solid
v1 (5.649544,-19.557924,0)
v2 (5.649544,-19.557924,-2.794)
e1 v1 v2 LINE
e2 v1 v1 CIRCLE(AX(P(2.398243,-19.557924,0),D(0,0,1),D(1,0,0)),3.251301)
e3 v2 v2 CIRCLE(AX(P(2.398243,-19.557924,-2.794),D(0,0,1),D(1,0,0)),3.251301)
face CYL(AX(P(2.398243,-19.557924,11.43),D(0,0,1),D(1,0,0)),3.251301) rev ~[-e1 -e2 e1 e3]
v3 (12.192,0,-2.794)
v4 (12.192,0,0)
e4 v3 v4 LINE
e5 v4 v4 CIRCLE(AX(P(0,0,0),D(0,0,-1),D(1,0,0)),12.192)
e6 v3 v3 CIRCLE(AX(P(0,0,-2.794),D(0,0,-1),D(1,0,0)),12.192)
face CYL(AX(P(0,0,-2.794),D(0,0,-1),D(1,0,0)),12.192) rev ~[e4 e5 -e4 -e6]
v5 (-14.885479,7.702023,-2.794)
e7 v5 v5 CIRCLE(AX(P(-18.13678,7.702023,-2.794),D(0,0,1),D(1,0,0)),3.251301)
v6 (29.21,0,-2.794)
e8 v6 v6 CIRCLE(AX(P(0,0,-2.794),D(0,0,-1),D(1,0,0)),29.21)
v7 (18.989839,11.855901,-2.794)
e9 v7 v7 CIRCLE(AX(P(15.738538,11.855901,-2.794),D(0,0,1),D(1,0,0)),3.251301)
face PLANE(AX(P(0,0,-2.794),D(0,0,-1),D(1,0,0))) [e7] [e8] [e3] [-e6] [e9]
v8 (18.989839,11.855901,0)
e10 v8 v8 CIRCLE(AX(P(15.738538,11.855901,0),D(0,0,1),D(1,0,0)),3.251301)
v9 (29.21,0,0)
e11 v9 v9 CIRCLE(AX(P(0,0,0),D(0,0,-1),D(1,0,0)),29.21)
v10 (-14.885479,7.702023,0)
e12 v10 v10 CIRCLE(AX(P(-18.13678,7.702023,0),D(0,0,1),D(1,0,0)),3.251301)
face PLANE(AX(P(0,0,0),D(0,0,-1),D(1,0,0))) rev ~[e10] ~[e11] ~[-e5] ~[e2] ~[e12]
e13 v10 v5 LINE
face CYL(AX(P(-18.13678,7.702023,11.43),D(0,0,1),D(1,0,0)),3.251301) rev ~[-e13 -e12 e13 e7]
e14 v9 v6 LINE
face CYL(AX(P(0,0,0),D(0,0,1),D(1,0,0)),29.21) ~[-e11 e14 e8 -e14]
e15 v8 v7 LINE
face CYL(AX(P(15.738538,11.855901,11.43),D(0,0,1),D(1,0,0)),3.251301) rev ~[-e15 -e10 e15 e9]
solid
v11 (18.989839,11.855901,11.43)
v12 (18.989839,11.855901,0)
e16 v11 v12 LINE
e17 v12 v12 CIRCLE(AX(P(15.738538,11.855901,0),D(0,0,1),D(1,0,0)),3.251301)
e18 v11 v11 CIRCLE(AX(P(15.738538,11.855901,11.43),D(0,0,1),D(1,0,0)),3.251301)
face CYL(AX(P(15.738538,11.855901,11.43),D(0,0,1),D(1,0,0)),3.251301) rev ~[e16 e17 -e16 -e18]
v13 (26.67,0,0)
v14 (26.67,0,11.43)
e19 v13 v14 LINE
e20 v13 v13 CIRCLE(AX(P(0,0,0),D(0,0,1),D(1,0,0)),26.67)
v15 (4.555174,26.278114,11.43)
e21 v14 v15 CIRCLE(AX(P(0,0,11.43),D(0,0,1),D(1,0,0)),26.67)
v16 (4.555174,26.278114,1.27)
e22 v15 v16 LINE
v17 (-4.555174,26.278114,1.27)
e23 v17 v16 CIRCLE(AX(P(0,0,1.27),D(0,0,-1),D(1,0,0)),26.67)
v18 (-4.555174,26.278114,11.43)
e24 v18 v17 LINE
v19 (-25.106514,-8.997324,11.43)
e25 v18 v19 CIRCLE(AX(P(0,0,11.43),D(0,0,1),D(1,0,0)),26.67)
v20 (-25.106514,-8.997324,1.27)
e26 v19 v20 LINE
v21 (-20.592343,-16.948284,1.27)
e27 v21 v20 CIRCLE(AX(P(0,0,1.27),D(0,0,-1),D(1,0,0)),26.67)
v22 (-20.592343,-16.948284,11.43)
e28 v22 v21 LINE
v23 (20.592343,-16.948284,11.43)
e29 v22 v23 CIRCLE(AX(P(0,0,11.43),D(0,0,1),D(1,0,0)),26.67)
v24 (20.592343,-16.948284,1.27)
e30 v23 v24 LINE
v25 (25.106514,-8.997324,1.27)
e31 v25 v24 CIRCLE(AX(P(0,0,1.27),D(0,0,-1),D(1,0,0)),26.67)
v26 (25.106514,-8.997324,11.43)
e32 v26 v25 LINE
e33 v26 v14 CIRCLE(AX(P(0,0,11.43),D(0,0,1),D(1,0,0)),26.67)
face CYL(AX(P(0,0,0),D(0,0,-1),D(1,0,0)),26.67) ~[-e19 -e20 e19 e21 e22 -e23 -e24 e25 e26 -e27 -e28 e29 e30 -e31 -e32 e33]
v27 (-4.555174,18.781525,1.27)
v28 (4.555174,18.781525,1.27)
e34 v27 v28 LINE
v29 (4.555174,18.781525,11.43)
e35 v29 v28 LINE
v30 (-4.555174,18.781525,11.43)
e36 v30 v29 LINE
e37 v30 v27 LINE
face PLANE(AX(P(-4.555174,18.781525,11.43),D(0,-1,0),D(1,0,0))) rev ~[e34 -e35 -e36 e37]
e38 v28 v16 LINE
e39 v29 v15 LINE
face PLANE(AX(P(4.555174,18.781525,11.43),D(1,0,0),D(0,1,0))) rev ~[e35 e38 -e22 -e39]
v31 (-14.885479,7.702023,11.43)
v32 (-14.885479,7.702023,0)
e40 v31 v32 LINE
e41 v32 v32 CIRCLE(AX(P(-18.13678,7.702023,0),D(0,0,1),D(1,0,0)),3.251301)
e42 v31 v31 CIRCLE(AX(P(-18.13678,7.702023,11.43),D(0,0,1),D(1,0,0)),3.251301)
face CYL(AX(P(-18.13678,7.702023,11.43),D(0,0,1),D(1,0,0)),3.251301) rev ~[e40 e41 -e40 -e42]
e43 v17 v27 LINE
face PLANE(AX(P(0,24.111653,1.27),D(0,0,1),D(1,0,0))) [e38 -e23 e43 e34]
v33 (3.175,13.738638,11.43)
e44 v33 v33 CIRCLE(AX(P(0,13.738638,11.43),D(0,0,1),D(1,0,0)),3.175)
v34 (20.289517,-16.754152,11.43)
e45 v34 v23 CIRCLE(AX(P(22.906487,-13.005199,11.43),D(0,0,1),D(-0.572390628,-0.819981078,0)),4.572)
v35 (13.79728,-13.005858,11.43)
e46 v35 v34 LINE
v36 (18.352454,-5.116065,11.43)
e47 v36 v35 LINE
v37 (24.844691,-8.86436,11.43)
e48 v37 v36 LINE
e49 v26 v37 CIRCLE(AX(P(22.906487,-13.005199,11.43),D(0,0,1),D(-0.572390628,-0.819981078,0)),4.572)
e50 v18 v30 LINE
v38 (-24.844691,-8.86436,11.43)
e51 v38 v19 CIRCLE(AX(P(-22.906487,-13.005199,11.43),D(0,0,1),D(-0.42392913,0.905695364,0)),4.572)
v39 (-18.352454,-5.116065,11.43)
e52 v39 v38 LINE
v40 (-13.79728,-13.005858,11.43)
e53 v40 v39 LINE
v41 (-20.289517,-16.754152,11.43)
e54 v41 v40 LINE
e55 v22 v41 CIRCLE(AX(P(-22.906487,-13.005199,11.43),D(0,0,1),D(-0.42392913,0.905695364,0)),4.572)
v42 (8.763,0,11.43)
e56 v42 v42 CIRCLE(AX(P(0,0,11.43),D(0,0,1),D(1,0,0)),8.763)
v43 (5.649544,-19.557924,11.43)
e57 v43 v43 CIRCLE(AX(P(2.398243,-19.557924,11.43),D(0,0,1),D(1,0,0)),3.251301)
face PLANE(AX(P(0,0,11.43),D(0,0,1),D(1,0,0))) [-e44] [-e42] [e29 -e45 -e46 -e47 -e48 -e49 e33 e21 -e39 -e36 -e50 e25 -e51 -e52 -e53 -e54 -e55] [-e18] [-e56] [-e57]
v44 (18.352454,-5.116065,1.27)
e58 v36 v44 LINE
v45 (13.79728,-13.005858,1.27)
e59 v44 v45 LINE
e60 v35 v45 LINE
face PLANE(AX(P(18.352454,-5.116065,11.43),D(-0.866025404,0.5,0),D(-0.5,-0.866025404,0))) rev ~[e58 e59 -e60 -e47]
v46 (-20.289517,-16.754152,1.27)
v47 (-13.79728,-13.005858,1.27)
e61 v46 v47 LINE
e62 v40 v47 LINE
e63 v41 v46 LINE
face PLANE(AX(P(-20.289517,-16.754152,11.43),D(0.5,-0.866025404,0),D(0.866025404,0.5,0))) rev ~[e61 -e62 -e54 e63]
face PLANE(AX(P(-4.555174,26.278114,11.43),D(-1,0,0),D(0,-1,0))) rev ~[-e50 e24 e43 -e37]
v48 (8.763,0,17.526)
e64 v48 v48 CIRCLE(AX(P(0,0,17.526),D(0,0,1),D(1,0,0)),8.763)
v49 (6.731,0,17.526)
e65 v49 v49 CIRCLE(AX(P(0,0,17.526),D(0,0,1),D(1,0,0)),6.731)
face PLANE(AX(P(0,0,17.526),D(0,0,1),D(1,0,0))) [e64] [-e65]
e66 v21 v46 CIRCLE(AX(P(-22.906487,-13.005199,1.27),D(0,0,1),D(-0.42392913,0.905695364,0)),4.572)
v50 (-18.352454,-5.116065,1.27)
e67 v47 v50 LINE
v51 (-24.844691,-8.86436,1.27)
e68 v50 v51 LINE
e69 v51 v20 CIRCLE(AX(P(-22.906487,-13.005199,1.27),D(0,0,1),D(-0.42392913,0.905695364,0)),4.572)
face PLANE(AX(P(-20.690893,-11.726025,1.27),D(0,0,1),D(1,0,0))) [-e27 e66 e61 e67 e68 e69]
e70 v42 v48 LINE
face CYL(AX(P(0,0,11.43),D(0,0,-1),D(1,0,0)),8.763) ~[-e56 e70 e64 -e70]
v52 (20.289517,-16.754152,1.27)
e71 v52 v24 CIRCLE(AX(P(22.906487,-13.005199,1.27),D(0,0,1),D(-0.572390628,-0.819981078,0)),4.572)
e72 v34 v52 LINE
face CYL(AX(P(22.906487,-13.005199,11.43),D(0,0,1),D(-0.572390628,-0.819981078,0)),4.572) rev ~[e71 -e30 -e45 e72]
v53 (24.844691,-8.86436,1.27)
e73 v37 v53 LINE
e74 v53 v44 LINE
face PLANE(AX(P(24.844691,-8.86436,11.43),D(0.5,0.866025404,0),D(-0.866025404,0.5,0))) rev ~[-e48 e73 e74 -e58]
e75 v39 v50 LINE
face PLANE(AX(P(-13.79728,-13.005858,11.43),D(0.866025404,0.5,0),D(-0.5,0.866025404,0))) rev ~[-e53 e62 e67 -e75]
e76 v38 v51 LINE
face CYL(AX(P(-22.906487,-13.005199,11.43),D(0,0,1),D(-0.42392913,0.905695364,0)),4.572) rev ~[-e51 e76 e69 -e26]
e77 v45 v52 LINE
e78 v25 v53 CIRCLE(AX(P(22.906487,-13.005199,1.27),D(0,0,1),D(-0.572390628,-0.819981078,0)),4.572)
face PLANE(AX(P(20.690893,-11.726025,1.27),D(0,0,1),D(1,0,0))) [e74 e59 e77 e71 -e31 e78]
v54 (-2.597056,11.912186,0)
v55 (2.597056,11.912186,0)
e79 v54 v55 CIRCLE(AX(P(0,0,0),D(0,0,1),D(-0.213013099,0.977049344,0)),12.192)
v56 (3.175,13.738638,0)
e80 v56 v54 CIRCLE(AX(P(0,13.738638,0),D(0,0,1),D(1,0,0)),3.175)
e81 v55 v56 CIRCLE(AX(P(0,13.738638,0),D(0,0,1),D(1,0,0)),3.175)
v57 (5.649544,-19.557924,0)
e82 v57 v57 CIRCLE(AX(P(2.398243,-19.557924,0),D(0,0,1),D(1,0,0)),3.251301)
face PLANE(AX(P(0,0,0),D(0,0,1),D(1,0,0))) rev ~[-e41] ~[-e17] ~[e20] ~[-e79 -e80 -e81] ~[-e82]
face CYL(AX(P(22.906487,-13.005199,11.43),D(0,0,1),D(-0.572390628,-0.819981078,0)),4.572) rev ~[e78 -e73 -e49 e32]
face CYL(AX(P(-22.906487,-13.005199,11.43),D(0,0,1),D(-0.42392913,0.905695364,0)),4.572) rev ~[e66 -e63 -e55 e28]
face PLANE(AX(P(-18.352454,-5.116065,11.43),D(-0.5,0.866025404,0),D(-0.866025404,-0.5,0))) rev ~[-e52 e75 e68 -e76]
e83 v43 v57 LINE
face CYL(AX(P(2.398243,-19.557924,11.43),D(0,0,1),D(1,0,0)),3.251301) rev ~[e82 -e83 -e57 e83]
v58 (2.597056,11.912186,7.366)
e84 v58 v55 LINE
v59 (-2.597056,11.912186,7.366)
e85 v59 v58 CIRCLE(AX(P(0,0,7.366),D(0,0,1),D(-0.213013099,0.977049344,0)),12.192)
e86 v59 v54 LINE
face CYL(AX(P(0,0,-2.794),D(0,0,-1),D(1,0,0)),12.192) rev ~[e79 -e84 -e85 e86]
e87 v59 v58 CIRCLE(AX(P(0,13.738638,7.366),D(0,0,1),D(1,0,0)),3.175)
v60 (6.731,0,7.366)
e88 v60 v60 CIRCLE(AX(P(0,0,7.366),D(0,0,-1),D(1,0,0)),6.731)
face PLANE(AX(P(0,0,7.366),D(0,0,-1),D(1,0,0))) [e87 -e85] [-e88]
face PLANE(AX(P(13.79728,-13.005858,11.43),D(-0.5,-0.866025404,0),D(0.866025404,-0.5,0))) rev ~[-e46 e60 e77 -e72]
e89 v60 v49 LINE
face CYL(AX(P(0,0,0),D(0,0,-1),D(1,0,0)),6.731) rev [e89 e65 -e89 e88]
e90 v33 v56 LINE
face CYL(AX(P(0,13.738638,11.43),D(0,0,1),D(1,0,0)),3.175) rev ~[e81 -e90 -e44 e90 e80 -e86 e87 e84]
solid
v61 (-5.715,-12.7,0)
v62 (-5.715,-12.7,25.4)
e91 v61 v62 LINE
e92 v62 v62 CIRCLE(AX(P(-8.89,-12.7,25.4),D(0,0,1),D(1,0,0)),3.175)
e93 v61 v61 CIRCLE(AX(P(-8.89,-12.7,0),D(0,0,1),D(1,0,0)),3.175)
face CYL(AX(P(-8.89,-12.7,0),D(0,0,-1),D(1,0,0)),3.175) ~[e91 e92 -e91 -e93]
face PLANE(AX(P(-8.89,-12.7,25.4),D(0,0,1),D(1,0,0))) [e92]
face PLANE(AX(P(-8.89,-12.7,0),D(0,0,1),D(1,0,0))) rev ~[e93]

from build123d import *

# Parameters (mm, degrees)
F0_R         = 26.67
F1_DEPTH     = 11.43
F2_R         = 8.763
F2_R_2       = 6.731
F3_DEPTH     = 6.096
F4_R         = 29.21
F4_R_2       = 26.67
F5_DEPTH     = 2.794
F6_R         = 6.731
F7_DEPTH     = 25.4
F8_R         = 12.192
F9_DEPTH     = 10.16
F11_DEPTH    = 10.16
F12_R        = 3.2513011885
F13_DEPTH    = 25.4
F14_R        = 3.175
F15_DEPTH    = 25.4
F16_R        = 3.175
F5_FACE1_R   = 29.21
F5_FACE1_R_2 = 3.2513011885
F5_FACE1_R_3 = 12.192
F5_FACE_R    = 29.21
F5_FACE_R_2  = 3.2513011885
F5_FACE_R_3  = 12.192
F17_DEPTH    = 50.8


with BuildPart() as f1:
    # F0 (on Top) → F1 (new body)
    with BuildSketch(Plane.XY):
        Circle(F0_R)
    extrude(amount=F1_DEPTH)

    # F2 (on face) → F3 (join)
    with BuildSketch(Plane.XY.offset(11.43)):
        Circle(F2_R)
        Circle(F2_R_2, mode=Mode.SUBTRACT)
    extrude(amount=F3_DEPTH)

    # F6 (on Top) → F7 (cut)
    with BuildSketch(Plane.XY):
        Circle(F6_R)
    extrude(amount=F7_DEPTH, mode=Mode.SUBTRACT)


with BuildPart() as f5:
    # F4 (on face) → F5 (new body)
    with BuildSketch(Plane(origin=(0, 0, 0), x_dir=(1, 0, 0), z_dir=(0, 0, -1))):
        Circle(F4_R)
        Circle(F4_R_2, mode=Mode.SUBTRACT)
        Circle(F4_R_2)
    extrude(amount=F5_DEPTH)


with BuildPart() as f9_tool:
    # F8 (on face) → F9 (new body)
    with BuildSketch(Plane(origin=(0, 0, -2.794), x_dir=(1, 0, 0), z_dir=(0, 0, -1))):
        Circle(F8_R)
    extrude(amount=-F9_DEPTH)


with BuildPart() as f1_1:
    add(f1.part)

    # F9: cut by f9_tool
    add(f9_tool.part, mode=Mode.SUBTRACT)

    # F10 (on face) → F11 (cut)
    with BuildSketch(Plane.XY.offset(11.43)):
        with BuildLine():
            Line((4.555173936, 18.7815254891), (4.555173936, 26.2781142857))
            ThreePointArc((4.555173936, 26.2781142857), (0, 31.242), (-4.555173936, 26.2781142857))
            Line((-4.555173936, 26.2781142857), (-4.555173936, 18.7815254891))
            Line((-4.555173936, 18.7815254891), (4.555173936, 18.7815254891))
        make_face()
        with BuildLine():
            ThreePointArc((-24.8446906591, -8.8643595398), (-26.8659548212, -15.2911987441), (-20.2895167231, -16.7541522342))
            Line((-20.2895167231, -16.7541522342), (-13.7972803835, -13.0058578359))
            Line((-13.7972803835, -13.0058578359), (-18.3524543195, -5.1160651415))
            Line((-18.3524543195, -5.1160651415), (-24.8446906591, -8.8643595398))
        make_face()
        with BuildLine():
            ThreePointArc((20.2895167231, -16.7541522342), (26.8659548212, -15.2911987441), (24.8446906591, -8.8643595398))
            Line((24.8446906591, -8.8643595398), (18.3524543195, -5.1160651415))
            Line((18.3524543195, -5.1160651415), (13.7972803835, -13.0058578359))
            Line((13.7972803835, -13.0058578359), (20.2895167231, -16.7541522342))
        make_face()
    extrude(amount=-F11_DEPTH, mode=Mode.SUBTRACT)


with BuildPart() as f5_1:
    add(f5.part)

    # F9: cut by f9_tool
    add(f9_tool.part, mode=Mode.SUBTRACT)


with BuildPart() as f13_tool:
    # F12 (on face) → F13 (new body)
    with BuildSketch(Plane.XY.offset(11.43)):
        with Locations((15.7385375351, 11.855901219)):
            Circle(F12_R)
        with Locations((-18.1367804079, 7.7020227143)):
            Circle(F12_R)
        with Locations((2.3982428728, -19.5579239333)):
            Circle(F12_R)
    extrude(amount=-F13_DEPTH)


with BuildPart() as f1_2:
    add(f1_1.part)

    # F13: cut by f13_tool
    add(f13_tool.part, mode=Mode.SUBTRACT)

    # F16 (on face) + F5_face1 (on face) + F5_face (on face) → F17 (cut)
    with BuildSketch(Plane.XY.offset(11.43)):
        with Locations((0, 13.7386375334)):
            Circle(F16_R)
    with BuildSketch(Plane.XY):
        Circle(F5_FACE1_R)
        with Locations((-18.1367804079, 7.7020227143)):
            Circle(F5_FACE1_R_2, mode=Mode.SUBTRACT)
        with Locations((15.7385375351, 11.855901219)):
            Circle(F5_FACE1_R_2, mode=Mode.SUBTRACT)
        Circle(F5_FACE1_R_3, mode=Mode.SUBTRACT)
        with Locations((2.3982428728, -19.5579239333)):
            Circle(F5_FACE1_R_2, mode=Mode.SUBTRACT)
    with BuildSketch(Plane(origin=(0, 0, -2.794), x_dir=(1, 0, 0), z_dir=(0, 0, -1))):
        Circle(F5_FACE_R)
        with Locations((-18.1367804079, -7.7020227143)):
            Circle(F5_FACE_R_2, mode=Mode.SUBTRACT)
        with Locations((15.7385375351, -11.855901219)):
            Circle(F5_FACE_R_2, mode=Mode.SUBTRACT)
        Circle(F5_FACE_R_3, mode=Mode.SUBTRACT)
        with Locations((2.3982428728, 19.5579239333)):
            Circle(F5_FACE_R_2, mode=Mode.SUBTRACT)
    extrude(amount=-F17_DEPTH, dir=(0, 0, 1), mode=Mode.SUBTRACT)


with BuildPart() as f5_2:
    add(f5_1.part)

    # F13: cut by f13_tool
    add(f13_tool.part, mode=Mode.SUBTRACT)


with BuildPart() as f15:
    # F14 (on Top) → F15 (new body)
    with BuildSketch(Plane.XY):
        with Locations((-8.89, -12.7)):
            Circle(F14_R)
    extrude(amount=F15_DEPTH)


solid = Compound([f1_2.part, f5_2.part, f15.part])
